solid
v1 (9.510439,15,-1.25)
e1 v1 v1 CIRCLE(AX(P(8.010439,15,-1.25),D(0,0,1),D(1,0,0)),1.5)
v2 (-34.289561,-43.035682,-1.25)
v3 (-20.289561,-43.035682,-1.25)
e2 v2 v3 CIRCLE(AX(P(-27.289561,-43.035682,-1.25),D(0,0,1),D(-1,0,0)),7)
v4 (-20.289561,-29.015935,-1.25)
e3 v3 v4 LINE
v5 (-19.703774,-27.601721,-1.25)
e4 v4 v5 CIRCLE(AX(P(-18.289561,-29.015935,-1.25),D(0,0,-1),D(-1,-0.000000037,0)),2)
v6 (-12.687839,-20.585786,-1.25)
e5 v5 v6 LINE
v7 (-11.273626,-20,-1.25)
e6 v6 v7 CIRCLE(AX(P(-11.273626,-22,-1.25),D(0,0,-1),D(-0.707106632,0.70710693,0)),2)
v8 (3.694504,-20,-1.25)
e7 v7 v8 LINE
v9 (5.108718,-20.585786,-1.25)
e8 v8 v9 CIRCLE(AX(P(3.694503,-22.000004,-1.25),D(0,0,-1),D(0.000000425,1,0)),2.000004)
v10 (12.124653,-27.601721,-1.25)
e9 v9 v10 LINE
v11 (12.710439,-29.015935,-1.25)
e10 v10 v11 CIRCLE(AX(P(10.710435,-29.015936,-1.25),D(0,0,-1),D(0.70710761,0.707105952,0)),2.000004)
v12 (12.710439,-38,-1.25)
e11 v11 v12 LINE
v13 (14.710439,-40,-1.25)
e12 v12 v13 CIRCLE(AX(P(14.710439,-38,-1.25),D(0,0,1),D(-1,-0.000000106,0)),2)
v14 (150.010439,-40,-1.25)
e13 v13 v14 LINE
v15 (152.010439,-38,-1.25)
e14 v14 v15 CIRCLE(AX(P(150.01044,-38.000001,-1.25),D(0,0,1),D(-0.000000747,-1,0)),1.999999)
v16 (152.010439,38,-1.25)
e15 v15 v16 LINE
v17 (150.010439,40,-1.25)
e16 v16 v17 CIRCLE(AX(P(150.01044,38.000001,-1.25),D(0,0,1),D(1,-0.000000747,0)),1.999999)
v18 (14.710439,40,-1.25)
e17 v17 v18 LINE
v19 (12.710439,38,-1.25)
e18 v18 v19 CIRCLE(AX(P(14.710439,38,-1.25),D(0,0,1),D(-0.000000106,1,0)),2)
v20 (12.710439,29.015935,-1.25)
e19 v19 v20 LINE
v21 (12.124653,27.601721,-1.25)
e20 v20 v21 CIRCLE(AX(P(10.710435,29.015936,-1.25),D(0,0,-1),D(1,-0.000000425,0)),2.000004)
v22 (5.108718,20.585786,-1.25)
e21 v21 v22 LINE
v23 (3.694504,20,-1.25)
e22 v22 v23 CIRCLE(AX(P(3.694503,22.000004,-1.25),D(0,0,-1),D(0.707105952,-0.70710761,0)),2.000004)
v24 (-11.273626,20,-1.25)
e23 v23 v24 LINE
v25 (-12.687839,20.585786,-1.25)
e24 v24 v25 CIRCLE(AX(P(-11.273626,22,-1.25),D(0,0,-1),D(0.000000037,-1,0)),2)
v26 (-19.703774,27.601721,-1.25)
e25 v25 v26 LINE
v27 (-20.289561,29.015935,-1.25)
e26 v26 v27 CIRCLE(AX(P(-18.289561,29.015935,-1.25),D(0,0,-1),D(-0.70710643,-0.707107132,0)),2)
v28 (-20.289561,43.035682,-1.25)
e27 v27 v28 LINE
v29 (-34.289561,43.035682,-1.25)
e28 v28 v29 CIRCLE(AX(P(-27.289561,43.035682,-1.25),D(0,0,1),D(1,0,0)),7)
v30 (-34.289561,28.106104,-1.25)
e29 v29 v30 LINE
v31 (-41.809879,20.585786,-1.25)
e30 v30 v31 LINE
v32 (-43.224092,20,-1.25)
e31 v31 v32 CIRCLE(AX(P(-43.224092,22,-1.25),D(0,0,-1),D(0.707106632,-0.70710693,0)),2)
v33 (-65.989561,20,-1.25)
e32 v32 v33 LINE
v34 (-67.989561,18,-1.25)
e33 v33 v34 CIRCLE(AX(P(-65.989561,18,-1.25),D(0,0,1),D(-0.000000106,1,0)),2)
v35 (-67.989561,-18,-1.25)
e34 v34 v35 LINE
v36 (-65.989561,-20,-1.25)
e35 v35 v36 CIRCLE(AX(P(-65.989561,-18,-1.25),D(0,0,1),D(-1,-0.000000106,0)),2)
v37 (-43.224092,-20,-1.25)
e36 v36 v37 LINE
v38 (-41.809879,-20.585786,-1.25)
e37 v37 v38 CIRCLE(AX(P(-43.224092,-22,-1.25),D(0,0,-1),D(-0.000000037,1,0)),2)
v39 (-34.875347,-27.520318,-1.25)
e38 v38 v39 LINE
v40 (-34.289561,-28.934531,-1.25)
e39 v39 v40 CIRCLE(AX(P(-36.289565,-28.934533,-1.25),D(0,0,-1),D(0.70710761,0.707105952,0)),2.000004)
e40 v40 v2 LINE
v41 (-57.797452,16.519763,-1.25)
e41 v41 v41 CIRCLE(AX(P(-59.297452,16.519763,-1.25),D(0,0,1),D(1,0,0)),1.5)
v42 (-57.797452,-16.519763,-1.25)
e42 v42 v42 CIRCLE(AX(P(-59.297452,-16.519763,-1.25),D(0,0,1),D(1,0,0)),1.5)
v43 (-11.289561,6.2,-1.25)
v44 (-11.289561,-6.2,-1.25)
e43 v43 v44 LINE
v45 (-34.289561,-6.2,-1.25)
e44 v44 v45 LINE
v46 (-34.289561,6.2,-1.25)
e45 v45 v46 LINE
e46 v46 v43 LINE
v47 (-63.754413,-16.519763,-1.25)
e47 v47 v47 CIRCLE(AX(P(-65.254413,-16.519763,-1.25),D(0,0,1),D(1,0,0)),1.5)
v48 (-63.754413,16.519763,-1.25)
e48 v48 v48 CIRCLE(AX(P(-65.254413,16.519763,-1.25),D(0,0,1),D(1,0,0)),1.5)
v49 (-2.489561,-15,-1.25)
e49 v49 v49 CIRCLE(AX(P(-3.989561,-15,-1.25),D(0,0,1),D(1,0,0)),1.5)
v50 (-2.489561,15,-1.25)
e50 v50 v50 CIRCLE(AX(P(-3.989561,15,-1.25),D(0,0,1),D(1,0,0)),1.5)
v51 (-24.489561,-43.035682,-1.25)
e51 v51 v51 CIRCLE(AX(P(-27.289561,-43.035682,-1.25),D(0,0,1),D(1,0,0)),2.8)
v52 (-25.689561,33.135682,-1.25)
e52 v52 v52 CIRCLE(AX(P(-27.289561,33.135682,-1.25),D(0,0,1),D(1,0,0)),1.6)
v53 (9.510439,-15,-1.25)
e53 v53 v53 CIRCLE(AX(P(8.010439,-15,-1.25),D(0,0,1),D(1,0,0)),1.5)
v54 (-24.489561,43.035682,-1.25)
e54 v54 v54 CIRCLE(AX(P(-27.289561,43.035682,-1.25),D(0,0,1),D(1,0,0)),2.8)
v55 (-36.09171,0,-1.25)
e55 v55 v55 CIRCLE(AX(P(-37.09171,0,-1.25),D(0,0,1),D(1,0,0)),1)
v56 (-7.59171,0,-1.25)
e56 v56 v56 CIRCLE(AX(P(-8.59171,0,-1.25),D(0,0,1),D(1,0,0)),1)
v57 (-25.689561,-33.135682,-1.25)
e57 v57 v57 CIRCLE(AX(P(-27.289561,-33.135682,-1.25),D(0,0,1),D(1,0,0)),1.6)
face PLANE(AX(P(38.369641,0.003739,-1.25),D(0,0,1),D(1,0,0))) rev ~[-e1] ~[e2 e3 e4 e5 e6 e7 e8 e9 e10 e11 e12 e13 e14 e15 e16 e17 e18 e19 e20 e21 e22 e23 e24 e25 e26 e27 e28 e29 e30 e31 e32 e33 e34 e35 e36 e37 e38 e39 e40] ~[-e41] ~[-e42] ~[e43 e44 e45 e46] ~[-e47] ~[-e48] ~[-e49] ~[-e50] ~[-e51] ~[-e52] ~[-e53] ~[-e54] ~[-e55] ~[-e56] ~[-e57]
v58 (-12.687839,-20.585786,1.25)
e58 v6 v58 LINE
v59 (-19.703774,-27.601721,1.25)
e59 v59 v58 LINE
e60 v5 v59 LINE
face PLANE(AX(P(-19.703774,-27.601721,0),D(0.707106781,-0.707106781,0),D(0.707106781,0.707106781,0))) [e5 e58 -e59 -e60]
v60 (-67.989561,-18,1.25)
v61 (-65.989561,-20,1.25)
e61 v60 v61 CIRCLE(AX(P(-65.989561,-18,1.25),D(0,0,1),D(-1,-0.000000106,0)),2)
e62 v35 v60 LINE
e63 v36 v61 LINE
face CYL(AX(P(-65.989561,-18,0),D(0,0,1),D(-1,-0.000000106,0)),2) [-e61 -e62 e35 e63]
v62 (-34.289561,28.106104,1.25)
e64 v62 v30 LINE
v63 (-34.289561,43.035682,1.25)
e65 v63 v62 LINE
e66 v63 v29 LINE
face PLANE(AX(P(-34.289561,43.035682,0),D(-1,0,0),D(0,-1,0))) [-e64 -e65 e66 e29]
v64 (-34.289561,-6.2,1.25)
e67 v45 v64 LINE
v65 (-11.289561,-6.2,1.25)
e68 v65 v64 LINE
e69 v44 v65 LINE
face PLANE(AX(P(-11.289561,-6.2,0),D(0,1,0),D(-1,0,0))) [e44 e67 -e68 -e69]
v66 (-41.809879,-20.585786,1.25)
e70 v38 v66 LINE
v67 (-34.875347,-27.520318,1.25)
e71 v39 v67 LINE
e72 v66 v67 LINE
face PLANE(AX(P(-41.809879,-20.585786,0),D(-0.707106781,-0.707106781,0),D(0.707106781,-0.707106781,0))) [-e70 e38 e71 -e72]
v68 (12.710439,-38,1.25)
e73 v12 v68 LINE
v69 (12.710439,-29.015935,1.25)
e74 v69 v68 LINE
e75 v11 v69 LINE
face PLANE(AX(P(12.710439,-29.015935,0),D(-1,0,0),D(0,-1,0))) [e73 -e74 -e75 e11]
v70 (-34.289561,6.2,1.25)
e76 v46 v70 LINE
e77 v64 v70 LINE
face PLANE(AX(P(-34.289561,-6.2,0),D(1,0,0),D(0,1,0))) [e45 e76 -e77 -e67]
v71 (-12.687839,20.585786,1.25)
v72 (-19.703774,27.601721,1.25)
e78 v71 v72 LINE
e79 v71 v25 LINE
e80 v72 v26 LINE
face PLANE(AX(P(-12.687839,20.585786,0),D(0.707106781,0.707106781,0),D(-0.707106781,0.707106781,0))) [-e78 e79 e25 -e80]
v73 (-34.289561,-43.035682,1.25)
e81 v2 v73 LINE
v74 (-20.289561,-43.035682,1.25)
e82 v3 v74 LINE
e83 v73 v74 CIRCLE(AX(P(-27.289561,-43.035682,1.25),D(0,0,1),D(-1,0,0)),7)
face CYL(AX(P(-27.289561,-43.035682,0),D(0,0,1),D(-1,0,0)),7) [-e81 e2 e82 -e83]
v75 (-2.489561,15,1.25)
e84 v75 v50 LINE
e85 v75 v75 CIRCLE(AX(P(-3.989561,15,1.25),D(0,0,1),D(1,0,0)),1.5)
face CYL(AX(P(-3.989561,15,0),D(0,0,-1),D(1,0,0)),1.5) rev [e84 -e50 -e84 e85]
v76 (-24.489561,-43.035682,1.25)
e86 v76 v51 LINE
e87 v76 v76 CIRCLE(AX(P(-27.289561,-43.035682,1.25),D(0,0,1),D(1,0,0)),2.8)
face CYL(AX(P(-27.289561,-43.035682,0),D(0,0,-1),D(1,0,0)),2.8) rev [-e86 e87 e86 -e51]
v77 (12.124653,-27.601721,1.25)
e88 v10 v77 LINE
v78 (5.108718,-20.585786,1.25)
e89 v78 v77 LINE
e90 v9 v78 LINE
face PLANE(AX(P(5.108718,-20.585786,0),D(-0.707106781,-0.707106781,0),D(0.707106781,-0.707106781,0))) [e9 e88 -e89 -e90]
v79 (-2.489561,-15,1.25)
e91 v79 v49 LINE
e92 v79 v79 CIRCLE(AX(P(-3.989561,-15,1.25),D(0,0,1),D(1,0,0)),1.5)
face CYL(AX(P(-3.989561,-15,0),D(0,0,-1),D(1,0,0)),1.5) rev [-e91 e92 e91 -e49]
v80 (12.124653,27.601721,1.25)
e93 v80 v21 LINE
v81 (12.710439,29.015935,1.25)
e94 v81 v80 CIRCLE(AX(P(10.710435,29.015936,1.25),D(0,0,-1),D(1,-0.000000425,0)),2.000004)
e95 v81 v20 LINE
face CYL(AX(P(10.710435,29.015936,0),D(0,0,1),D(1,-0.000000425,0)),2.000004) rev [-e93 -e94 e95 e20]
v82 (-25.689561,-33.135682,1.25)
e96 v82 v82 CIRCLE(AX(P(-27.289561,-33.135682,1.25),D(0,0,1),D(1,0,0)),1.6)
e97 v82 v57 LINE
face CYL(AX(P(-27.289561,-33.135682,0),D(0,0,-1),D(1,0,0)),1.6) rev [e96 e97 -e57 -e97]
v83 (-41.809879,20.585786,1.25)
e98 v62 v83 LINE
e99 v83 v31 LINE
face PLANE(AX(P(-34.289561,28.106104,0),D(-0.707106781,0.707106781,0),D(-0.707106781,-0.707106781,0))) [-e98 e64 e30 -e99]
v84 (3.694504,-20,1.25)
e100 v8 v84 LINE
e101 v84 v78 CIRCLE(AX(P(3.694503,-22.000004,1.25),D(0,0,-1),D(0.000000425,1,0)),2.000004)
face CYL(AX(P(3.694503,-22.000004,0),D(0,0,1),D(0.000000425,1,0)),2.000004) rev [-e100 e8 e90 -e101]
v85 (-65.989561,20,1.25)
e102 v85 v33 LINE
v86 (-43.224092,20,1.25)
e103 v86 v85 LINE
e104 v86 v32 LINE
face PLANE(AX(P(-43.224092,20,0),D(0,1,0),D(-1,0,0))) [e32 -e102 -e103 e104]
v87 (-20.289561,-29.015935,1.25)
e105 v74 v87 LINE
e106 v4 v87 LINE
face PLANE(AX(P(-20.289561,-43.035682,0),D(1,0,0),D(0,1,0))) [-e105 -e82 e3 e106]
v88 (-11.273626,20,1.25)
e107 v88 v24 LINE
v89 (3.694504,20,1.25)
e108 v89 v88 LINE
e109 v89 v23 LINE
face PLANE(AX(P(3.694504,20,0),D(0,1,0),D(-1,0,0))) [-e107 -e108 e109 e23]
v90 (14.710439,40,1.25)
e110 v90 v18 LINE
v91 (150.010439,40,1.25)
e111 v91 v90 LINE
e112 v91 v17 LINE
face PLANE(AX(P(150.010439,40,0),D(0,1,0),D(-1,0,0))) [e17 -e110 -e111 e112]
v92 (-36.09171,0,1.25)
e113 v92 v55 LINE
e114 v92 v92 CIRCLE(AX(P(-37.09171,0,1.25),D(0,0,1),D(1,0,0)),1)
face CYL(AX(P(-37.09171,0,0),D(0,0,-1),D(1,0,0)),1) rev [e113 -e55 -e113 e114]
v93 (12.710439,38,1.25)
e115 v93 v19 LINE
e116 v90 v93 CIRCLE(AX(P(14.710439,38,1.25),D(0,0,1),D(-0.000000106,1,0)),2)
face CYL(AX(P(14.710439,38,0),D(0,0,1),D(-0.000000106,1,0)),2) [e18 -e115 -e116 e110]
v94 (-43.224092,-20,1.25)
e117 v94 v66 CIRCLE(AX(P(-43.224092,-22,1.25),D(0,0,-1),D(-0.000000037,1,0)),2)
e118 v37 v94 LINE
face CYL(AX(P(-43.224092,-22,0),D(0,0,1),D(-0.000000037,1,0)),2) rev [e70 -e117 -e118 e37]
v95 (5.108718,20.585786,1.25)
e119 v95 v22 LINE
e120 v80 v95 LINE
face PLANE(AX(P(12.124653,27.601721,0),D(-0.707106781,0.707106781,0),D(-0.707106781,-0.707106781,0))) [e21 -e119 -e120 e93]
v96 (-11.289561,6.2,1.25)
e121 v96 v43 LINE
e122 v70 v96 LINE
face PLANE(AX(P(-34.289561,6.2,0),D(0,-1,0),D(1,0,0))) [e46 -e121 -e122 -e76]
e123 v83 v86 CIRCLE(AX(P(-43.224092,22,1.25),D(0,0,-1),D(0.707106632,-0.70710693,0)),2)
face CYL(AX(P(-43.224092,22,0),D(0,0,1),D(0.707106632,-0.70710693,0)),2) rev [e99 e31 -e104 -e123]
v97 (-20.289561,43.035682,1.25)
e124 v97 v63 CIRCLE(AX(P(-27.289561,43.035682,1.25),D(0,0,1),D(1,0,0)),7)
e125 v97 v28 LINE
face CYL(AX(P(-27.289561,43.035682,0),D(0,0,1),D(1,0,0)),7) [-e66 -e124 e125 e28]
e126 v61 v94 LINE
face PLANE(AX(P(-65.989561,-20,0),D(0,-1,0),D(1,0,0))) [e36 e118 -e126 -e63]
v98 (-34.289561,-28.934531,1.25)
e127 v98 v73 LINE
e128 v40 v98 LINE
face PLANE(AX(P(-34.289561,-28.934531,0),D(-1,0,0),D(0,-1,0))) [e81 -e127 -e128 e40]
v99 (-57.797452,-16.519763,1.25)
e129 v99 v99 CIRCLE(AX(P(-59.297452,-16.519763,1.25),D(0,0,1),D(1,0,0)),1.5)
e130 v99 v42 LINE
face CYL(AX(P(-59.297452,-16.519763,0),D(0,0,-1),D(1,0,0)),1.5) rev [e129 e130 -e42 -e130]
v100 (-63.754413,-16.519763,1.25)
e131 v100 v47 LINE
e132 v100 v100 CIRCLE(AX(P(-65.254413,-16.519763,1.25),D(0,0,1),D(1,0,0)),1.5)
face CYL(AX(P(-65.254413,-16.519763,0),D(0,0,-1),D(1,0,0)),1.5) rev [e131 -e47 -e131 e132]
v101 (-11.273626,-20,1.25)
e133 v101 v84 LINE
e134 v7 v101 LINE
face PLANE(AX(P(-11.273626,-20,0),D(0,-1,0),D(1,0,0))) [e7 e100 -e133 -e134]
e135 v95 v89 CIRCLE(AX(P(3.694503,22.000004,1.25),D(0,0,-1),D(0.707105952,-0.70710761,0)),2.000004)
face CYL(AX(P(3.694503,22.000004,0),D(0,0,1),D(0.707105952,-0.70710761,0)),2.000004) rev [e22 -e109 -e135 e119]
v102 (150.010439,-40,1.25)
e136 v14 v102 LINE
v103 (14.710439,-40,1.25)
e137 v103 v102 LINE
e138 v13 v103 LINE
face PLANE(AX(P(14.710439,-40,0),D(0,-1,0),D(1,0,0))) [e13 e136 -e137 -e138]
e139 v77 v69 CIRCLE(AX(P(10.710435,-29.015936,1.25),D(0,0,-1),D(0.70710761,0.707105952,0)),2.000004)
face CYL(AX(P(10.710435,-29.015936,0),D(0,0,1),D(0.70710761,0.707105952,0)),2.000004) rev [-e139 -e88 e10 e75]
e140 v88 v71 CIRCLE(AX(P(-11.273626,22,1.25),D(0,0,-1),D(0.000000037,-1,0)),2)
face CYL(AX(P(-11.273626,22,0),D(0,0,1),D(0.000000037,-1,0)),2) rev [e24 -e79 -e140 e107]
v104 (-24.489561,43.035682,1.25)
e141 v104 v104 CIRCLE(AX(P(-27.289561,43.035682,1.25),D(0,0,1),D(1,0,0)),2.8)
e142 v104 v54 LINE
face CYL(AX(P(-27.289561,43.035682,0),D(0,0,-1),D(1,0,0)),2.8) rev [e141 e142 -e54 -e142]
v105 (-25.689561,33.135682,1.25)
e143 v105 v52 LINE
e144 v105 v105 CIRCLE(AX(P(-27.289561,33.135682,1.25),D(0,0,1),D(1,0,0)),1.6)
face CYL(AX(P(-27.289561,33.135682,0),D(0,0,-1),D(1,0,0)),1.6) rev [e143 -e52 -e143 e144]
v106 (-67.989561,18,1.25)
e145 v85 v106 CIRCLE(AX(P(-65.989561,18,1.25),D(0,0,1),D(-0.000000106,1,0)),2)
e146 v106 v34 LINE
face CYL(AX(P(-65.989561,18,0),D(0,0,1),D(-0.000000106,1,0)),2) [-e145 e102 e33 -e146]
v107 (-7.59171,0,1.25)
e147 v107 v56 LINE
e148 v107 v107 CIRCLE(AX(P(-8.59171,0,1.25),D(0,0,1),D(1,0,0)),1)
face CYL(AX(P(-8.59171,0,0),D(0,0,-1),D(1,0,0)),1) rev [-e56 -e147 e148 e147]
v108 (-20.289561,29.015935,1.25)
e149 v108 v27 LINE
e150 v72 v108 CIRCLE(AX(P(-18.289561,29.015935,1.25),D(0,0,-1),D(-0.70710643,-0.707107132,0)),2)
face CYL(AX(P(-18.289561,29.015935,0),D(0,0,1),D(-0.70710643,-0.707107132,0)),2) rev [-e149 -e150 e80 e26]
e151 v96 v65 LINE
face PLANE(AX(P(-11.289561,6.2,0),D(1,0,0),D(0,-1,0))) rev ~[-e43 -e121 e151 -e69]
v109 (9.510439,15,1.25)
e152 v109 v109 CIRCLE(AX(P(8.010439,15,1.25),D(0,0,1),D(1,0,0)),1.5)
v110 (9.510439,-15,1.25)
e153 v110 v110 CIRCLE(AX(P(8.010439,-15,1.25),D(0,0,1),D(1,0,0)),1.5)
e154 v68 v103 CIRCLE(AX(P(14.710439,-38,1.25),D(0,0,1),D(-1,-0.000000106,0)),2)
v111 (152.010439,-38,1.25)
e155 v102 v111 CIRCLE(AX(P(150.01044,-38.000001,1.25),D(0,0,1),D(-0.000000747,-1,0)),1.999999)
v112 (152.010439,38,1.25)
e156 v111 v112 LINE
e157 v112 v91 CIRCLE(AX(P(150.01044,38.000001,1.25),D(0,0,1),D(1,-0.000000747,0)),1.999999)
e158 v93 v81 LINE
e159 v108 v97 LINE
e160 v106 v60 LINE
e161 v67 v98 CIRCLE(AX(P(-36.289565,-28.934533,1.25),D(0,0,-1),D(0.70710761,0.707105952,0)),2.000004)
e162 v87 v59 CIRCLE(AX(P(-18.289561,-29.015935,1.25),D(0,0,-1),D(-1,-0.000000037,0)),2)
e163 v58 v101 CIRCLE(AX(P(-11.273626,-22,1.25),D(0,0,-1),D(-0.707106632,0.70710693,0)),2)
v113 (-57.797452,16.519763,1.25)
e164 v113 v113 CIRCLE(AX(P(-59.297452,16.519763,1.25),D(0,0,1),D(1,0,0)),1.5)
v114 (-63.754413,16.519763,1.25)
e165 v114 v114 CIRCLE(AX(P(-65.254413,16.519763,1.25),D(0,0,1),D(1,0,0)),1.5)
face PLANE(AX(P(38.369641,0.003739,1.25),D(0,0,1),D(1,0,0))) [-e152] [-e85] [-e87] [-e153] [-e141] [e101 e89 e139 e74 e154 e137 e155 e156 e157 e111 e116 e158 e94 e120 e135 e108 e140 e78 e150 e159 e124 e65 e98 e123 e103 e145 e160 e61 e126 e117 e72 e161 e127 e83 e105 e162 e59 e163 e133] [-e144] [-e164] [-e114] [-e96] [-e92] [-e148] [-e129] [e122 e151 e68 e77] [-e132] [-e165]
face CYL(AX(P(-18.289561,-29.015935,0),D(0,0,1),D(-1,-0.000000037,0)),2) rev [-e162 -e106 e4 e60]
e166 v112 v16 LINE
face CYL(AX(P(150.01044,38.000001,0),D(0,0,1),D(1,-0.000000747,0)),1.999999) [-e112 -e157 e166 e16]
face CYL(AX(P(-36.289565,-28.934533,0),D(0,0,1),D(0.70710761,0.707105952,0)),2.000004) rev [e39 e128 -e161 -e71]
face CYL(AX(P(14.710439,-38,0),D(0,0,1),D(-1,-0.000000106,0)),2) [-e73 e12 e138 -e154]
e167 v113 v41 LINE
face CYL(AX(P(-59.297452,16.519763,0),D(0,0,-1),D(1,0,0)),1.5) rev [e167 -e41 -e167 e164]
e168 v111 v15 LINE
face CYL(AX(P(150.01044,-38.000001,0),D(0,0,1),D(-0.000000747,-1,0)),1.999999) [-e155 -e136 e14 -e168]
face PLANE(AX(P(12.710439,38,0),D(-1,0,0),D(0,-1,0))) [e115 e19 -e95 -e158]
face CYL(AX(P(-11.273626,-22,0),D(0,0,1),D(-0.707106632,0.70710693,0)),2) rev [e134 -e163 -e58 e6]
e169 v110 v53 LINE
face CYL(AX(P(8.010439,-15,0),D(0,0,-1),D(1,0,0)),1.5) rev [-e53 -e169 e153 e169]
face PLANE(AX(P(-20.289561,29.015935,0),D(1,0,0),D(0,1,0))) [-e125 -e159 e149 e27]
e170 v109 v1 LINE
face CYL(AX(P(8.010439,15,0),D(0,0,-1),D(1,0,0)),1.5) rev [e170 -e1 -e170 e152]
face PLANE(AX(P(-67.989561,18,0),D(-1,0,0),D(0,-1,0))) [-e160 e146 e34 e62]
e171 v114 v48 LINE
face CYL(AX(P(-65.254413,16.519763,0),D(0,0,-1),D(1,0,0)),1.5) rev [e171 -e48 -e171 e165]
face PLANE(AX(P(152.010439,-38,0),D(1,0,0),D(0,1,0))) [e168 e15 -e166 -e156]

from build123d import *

# Parameters (mm, degrees)
F0_R     = 2.8
F0_R_2   = 1.6
F0_R_3   = 1.5
F0_R_4   = 1
F1_DEPTH = 1.25


with BuildPart() as f1:
    # F0 (on Top) → F1 (new body, symmetric)
    with BuildSketch(Plane.XY):
        with BuildLine():
            Line((-67.989561, 18), (-67.989561, 0))
            Line((-67.989561, 0), (-67.989561, -18))
            ThreePointArc((-67.989561, -18), (-67.403774, -19.414214), (-65.989561, -20))
            Line((-65.989561, -20), (-43.224092, -20))
            ThreePointArc((-43.224092, -20), (-42.458725, -20.152241), (-41.809879, -20.585786))
            Line((-41.809879, -20.585786), (-34.875347, -27.520318))
            ThreePointArc((-34.875347, -27.520318), (-34.441802, -28.169165), (-34.289561, -28.934531))
            Line((-34.289561, -28.934531), (-34.289561, -43.035682))
            ThreePointArc((-34.289561, -43.035682), (-27.289561, -50.035682), (-20.289561, -43.035682))
            Line((-20.289561, -43.035682), (-20.289561, -29.015935))
            ThreePointArc((-20.289561, -29.015935), (-20.13732, -28.250568), (-19.703774, -27.601721))
            Line((-19.703774, -27.601721), (-12.687839, -20.585786))
            ThreePointArc((-12.687839, -20.585786), (-12.038993, -20.152241), (-11.273626, -20))
            Line((-11.273626, -20), (3.694504, -20))
            ThreePointArc((3.694504, -20), (4.459871, -20.152241), (5.108718, -20.585786))
            Line((5.108718, -20.585786), (12.124653, -27.601721))
            ThreePointArc((12.124653, -27.601721), (12.558198, -28.250568), (12.710439, -29.015935))
            Line((12.710439, -29.015935), (12.710439, -38))
            ThreePointArc((12.710439, -38), (13.296226, -39.414214), (14.710439, -40))
            Line((14.710439, -40), (150.010439, -40))
            ThreePointArc((150.010439, -40), (151.424653, -39.414214), (152.010439, -38))
            Line((152.010439, -38), (152.010439, 0))
            Line((152.010439, 0), (152.010439, 38))
            ThreePointArc((152.010439, 38), (151.424653, 39.414214), (150.010439, 40))
            Line((150.010439, 40), (14.710439, 40))
            ThreePointArc((14.710439, 40), (13.296226, 39.414214), (12.710439, 38))
            Line((12.710439, 38), (12.710439, 29.015935))
            ThreePointArc((12.710439, 29.015935), (12.558198, 28.250568), (12.124653, 27.601721))
            Line((12.124653, 27.601721), (5.108718, 20.585786))
            ThreePointArc((5.108718, 20.585786), (4.459871, 20.152241), (3.694504, 20))
            Line((3.694504, 20), (-11.273626, 20))
            ThreePointArc((-11.273626, 20), (-12.038993, 20.152241), (-12.687839, 20.585786))
            Line((-12.687839, 20.585786), (-19.703774, 27.601721))
            ThreePointArc((-19.703774, 27.601721), (-20.13732, 28.250568), (-20.289561, 29.015935))
            Line((-20.289561, 29.015935), (-20.289561, 43.035682))
            ThreePointArc((-20.289561, 43.035682), (-27.289561, 50.035682), (-34.289561, 43.035682))
            Line((-34.289561, 43.035682), (-34.289561, 28.106104))
            Line((-34.289561, 28.106104), (-41.809879, 20.585786))
            ThreePointArc((-41.809879, 20.585786), (-42.458725, 20.152241), (-43.224092, 20))
            Line((-43.224092, 20), (-65.989561, 20))
            ThreePointArc((-65.989561, 20), (-67.403774, 19.414214), (-67.989561, 18))
        make_face()
        with Locations((-27.289561, -43.035682)):
            Circle(F0_R, mode=Mode.SUBTRACT)
        with Locations((-27.289561, -33.135682)):
            Circle(F0_R_2, mode=Mode.SUBTRACT)
        with Locations((-65.254413, -16.519763)):
            Circle(F0_R_3, mode=Mode.SUBTRACT)
        with Locations((-59.297452, -16.519763)):
            Circle(F0_R_3, mode=Mode.SUBTRACT)
        with Locations((-3.989561, -15)):
            Circle(F0_R_3, mode=Mode.SUBTRACT)
        with Locations((8.010439, -15)):
            Circle(F0_R_3, mode=Mode.SUBTRACT)
        with Locations((-37.09171, 0)):
            Circle(F0_R_4, mode=Mode.SUBTRACT)
        Polygon((-34.289561, 0), (-34.289561, 6.2), (-11.289561, 6.2), (-11.289561, 0), (-11.289561, -6.2), (-34.289561, -6.2), align=None, mode=Mode.SUBTRACT)
        with Locations((-65.254413, 16.519763)):
            Circle(F0_R_3, mode=Mode.SUBTRACT)
        with Locations((-59.297452, 16.519763)):
            Circle(F0_R_3, mode=Mode.SUBTRACT)
        with Locations((-8.59171, 0)):
            Circle(F0_R_4, mode=Mode.SUBTRACT)
        with Locations((-3.989561, 15)):
            Circle(F0_R_3, mode=Mode.SUBTRACT)
        with Locations((8.010439, 15)):
            Circle(F0_R_3, mode=Mode.SUBTRACT)
        with Locations((-27.289561, 33.135682)):
            Circle(F0_R_2, mode=Mode.SUBTRACT)
        with Locations((-27.289561, 43.035682)):
            Circle(F0_R, mode=Mode.SUBTRACT)
    extrude(amount=F1_DEPTH, both=True)


solid = f1.part
